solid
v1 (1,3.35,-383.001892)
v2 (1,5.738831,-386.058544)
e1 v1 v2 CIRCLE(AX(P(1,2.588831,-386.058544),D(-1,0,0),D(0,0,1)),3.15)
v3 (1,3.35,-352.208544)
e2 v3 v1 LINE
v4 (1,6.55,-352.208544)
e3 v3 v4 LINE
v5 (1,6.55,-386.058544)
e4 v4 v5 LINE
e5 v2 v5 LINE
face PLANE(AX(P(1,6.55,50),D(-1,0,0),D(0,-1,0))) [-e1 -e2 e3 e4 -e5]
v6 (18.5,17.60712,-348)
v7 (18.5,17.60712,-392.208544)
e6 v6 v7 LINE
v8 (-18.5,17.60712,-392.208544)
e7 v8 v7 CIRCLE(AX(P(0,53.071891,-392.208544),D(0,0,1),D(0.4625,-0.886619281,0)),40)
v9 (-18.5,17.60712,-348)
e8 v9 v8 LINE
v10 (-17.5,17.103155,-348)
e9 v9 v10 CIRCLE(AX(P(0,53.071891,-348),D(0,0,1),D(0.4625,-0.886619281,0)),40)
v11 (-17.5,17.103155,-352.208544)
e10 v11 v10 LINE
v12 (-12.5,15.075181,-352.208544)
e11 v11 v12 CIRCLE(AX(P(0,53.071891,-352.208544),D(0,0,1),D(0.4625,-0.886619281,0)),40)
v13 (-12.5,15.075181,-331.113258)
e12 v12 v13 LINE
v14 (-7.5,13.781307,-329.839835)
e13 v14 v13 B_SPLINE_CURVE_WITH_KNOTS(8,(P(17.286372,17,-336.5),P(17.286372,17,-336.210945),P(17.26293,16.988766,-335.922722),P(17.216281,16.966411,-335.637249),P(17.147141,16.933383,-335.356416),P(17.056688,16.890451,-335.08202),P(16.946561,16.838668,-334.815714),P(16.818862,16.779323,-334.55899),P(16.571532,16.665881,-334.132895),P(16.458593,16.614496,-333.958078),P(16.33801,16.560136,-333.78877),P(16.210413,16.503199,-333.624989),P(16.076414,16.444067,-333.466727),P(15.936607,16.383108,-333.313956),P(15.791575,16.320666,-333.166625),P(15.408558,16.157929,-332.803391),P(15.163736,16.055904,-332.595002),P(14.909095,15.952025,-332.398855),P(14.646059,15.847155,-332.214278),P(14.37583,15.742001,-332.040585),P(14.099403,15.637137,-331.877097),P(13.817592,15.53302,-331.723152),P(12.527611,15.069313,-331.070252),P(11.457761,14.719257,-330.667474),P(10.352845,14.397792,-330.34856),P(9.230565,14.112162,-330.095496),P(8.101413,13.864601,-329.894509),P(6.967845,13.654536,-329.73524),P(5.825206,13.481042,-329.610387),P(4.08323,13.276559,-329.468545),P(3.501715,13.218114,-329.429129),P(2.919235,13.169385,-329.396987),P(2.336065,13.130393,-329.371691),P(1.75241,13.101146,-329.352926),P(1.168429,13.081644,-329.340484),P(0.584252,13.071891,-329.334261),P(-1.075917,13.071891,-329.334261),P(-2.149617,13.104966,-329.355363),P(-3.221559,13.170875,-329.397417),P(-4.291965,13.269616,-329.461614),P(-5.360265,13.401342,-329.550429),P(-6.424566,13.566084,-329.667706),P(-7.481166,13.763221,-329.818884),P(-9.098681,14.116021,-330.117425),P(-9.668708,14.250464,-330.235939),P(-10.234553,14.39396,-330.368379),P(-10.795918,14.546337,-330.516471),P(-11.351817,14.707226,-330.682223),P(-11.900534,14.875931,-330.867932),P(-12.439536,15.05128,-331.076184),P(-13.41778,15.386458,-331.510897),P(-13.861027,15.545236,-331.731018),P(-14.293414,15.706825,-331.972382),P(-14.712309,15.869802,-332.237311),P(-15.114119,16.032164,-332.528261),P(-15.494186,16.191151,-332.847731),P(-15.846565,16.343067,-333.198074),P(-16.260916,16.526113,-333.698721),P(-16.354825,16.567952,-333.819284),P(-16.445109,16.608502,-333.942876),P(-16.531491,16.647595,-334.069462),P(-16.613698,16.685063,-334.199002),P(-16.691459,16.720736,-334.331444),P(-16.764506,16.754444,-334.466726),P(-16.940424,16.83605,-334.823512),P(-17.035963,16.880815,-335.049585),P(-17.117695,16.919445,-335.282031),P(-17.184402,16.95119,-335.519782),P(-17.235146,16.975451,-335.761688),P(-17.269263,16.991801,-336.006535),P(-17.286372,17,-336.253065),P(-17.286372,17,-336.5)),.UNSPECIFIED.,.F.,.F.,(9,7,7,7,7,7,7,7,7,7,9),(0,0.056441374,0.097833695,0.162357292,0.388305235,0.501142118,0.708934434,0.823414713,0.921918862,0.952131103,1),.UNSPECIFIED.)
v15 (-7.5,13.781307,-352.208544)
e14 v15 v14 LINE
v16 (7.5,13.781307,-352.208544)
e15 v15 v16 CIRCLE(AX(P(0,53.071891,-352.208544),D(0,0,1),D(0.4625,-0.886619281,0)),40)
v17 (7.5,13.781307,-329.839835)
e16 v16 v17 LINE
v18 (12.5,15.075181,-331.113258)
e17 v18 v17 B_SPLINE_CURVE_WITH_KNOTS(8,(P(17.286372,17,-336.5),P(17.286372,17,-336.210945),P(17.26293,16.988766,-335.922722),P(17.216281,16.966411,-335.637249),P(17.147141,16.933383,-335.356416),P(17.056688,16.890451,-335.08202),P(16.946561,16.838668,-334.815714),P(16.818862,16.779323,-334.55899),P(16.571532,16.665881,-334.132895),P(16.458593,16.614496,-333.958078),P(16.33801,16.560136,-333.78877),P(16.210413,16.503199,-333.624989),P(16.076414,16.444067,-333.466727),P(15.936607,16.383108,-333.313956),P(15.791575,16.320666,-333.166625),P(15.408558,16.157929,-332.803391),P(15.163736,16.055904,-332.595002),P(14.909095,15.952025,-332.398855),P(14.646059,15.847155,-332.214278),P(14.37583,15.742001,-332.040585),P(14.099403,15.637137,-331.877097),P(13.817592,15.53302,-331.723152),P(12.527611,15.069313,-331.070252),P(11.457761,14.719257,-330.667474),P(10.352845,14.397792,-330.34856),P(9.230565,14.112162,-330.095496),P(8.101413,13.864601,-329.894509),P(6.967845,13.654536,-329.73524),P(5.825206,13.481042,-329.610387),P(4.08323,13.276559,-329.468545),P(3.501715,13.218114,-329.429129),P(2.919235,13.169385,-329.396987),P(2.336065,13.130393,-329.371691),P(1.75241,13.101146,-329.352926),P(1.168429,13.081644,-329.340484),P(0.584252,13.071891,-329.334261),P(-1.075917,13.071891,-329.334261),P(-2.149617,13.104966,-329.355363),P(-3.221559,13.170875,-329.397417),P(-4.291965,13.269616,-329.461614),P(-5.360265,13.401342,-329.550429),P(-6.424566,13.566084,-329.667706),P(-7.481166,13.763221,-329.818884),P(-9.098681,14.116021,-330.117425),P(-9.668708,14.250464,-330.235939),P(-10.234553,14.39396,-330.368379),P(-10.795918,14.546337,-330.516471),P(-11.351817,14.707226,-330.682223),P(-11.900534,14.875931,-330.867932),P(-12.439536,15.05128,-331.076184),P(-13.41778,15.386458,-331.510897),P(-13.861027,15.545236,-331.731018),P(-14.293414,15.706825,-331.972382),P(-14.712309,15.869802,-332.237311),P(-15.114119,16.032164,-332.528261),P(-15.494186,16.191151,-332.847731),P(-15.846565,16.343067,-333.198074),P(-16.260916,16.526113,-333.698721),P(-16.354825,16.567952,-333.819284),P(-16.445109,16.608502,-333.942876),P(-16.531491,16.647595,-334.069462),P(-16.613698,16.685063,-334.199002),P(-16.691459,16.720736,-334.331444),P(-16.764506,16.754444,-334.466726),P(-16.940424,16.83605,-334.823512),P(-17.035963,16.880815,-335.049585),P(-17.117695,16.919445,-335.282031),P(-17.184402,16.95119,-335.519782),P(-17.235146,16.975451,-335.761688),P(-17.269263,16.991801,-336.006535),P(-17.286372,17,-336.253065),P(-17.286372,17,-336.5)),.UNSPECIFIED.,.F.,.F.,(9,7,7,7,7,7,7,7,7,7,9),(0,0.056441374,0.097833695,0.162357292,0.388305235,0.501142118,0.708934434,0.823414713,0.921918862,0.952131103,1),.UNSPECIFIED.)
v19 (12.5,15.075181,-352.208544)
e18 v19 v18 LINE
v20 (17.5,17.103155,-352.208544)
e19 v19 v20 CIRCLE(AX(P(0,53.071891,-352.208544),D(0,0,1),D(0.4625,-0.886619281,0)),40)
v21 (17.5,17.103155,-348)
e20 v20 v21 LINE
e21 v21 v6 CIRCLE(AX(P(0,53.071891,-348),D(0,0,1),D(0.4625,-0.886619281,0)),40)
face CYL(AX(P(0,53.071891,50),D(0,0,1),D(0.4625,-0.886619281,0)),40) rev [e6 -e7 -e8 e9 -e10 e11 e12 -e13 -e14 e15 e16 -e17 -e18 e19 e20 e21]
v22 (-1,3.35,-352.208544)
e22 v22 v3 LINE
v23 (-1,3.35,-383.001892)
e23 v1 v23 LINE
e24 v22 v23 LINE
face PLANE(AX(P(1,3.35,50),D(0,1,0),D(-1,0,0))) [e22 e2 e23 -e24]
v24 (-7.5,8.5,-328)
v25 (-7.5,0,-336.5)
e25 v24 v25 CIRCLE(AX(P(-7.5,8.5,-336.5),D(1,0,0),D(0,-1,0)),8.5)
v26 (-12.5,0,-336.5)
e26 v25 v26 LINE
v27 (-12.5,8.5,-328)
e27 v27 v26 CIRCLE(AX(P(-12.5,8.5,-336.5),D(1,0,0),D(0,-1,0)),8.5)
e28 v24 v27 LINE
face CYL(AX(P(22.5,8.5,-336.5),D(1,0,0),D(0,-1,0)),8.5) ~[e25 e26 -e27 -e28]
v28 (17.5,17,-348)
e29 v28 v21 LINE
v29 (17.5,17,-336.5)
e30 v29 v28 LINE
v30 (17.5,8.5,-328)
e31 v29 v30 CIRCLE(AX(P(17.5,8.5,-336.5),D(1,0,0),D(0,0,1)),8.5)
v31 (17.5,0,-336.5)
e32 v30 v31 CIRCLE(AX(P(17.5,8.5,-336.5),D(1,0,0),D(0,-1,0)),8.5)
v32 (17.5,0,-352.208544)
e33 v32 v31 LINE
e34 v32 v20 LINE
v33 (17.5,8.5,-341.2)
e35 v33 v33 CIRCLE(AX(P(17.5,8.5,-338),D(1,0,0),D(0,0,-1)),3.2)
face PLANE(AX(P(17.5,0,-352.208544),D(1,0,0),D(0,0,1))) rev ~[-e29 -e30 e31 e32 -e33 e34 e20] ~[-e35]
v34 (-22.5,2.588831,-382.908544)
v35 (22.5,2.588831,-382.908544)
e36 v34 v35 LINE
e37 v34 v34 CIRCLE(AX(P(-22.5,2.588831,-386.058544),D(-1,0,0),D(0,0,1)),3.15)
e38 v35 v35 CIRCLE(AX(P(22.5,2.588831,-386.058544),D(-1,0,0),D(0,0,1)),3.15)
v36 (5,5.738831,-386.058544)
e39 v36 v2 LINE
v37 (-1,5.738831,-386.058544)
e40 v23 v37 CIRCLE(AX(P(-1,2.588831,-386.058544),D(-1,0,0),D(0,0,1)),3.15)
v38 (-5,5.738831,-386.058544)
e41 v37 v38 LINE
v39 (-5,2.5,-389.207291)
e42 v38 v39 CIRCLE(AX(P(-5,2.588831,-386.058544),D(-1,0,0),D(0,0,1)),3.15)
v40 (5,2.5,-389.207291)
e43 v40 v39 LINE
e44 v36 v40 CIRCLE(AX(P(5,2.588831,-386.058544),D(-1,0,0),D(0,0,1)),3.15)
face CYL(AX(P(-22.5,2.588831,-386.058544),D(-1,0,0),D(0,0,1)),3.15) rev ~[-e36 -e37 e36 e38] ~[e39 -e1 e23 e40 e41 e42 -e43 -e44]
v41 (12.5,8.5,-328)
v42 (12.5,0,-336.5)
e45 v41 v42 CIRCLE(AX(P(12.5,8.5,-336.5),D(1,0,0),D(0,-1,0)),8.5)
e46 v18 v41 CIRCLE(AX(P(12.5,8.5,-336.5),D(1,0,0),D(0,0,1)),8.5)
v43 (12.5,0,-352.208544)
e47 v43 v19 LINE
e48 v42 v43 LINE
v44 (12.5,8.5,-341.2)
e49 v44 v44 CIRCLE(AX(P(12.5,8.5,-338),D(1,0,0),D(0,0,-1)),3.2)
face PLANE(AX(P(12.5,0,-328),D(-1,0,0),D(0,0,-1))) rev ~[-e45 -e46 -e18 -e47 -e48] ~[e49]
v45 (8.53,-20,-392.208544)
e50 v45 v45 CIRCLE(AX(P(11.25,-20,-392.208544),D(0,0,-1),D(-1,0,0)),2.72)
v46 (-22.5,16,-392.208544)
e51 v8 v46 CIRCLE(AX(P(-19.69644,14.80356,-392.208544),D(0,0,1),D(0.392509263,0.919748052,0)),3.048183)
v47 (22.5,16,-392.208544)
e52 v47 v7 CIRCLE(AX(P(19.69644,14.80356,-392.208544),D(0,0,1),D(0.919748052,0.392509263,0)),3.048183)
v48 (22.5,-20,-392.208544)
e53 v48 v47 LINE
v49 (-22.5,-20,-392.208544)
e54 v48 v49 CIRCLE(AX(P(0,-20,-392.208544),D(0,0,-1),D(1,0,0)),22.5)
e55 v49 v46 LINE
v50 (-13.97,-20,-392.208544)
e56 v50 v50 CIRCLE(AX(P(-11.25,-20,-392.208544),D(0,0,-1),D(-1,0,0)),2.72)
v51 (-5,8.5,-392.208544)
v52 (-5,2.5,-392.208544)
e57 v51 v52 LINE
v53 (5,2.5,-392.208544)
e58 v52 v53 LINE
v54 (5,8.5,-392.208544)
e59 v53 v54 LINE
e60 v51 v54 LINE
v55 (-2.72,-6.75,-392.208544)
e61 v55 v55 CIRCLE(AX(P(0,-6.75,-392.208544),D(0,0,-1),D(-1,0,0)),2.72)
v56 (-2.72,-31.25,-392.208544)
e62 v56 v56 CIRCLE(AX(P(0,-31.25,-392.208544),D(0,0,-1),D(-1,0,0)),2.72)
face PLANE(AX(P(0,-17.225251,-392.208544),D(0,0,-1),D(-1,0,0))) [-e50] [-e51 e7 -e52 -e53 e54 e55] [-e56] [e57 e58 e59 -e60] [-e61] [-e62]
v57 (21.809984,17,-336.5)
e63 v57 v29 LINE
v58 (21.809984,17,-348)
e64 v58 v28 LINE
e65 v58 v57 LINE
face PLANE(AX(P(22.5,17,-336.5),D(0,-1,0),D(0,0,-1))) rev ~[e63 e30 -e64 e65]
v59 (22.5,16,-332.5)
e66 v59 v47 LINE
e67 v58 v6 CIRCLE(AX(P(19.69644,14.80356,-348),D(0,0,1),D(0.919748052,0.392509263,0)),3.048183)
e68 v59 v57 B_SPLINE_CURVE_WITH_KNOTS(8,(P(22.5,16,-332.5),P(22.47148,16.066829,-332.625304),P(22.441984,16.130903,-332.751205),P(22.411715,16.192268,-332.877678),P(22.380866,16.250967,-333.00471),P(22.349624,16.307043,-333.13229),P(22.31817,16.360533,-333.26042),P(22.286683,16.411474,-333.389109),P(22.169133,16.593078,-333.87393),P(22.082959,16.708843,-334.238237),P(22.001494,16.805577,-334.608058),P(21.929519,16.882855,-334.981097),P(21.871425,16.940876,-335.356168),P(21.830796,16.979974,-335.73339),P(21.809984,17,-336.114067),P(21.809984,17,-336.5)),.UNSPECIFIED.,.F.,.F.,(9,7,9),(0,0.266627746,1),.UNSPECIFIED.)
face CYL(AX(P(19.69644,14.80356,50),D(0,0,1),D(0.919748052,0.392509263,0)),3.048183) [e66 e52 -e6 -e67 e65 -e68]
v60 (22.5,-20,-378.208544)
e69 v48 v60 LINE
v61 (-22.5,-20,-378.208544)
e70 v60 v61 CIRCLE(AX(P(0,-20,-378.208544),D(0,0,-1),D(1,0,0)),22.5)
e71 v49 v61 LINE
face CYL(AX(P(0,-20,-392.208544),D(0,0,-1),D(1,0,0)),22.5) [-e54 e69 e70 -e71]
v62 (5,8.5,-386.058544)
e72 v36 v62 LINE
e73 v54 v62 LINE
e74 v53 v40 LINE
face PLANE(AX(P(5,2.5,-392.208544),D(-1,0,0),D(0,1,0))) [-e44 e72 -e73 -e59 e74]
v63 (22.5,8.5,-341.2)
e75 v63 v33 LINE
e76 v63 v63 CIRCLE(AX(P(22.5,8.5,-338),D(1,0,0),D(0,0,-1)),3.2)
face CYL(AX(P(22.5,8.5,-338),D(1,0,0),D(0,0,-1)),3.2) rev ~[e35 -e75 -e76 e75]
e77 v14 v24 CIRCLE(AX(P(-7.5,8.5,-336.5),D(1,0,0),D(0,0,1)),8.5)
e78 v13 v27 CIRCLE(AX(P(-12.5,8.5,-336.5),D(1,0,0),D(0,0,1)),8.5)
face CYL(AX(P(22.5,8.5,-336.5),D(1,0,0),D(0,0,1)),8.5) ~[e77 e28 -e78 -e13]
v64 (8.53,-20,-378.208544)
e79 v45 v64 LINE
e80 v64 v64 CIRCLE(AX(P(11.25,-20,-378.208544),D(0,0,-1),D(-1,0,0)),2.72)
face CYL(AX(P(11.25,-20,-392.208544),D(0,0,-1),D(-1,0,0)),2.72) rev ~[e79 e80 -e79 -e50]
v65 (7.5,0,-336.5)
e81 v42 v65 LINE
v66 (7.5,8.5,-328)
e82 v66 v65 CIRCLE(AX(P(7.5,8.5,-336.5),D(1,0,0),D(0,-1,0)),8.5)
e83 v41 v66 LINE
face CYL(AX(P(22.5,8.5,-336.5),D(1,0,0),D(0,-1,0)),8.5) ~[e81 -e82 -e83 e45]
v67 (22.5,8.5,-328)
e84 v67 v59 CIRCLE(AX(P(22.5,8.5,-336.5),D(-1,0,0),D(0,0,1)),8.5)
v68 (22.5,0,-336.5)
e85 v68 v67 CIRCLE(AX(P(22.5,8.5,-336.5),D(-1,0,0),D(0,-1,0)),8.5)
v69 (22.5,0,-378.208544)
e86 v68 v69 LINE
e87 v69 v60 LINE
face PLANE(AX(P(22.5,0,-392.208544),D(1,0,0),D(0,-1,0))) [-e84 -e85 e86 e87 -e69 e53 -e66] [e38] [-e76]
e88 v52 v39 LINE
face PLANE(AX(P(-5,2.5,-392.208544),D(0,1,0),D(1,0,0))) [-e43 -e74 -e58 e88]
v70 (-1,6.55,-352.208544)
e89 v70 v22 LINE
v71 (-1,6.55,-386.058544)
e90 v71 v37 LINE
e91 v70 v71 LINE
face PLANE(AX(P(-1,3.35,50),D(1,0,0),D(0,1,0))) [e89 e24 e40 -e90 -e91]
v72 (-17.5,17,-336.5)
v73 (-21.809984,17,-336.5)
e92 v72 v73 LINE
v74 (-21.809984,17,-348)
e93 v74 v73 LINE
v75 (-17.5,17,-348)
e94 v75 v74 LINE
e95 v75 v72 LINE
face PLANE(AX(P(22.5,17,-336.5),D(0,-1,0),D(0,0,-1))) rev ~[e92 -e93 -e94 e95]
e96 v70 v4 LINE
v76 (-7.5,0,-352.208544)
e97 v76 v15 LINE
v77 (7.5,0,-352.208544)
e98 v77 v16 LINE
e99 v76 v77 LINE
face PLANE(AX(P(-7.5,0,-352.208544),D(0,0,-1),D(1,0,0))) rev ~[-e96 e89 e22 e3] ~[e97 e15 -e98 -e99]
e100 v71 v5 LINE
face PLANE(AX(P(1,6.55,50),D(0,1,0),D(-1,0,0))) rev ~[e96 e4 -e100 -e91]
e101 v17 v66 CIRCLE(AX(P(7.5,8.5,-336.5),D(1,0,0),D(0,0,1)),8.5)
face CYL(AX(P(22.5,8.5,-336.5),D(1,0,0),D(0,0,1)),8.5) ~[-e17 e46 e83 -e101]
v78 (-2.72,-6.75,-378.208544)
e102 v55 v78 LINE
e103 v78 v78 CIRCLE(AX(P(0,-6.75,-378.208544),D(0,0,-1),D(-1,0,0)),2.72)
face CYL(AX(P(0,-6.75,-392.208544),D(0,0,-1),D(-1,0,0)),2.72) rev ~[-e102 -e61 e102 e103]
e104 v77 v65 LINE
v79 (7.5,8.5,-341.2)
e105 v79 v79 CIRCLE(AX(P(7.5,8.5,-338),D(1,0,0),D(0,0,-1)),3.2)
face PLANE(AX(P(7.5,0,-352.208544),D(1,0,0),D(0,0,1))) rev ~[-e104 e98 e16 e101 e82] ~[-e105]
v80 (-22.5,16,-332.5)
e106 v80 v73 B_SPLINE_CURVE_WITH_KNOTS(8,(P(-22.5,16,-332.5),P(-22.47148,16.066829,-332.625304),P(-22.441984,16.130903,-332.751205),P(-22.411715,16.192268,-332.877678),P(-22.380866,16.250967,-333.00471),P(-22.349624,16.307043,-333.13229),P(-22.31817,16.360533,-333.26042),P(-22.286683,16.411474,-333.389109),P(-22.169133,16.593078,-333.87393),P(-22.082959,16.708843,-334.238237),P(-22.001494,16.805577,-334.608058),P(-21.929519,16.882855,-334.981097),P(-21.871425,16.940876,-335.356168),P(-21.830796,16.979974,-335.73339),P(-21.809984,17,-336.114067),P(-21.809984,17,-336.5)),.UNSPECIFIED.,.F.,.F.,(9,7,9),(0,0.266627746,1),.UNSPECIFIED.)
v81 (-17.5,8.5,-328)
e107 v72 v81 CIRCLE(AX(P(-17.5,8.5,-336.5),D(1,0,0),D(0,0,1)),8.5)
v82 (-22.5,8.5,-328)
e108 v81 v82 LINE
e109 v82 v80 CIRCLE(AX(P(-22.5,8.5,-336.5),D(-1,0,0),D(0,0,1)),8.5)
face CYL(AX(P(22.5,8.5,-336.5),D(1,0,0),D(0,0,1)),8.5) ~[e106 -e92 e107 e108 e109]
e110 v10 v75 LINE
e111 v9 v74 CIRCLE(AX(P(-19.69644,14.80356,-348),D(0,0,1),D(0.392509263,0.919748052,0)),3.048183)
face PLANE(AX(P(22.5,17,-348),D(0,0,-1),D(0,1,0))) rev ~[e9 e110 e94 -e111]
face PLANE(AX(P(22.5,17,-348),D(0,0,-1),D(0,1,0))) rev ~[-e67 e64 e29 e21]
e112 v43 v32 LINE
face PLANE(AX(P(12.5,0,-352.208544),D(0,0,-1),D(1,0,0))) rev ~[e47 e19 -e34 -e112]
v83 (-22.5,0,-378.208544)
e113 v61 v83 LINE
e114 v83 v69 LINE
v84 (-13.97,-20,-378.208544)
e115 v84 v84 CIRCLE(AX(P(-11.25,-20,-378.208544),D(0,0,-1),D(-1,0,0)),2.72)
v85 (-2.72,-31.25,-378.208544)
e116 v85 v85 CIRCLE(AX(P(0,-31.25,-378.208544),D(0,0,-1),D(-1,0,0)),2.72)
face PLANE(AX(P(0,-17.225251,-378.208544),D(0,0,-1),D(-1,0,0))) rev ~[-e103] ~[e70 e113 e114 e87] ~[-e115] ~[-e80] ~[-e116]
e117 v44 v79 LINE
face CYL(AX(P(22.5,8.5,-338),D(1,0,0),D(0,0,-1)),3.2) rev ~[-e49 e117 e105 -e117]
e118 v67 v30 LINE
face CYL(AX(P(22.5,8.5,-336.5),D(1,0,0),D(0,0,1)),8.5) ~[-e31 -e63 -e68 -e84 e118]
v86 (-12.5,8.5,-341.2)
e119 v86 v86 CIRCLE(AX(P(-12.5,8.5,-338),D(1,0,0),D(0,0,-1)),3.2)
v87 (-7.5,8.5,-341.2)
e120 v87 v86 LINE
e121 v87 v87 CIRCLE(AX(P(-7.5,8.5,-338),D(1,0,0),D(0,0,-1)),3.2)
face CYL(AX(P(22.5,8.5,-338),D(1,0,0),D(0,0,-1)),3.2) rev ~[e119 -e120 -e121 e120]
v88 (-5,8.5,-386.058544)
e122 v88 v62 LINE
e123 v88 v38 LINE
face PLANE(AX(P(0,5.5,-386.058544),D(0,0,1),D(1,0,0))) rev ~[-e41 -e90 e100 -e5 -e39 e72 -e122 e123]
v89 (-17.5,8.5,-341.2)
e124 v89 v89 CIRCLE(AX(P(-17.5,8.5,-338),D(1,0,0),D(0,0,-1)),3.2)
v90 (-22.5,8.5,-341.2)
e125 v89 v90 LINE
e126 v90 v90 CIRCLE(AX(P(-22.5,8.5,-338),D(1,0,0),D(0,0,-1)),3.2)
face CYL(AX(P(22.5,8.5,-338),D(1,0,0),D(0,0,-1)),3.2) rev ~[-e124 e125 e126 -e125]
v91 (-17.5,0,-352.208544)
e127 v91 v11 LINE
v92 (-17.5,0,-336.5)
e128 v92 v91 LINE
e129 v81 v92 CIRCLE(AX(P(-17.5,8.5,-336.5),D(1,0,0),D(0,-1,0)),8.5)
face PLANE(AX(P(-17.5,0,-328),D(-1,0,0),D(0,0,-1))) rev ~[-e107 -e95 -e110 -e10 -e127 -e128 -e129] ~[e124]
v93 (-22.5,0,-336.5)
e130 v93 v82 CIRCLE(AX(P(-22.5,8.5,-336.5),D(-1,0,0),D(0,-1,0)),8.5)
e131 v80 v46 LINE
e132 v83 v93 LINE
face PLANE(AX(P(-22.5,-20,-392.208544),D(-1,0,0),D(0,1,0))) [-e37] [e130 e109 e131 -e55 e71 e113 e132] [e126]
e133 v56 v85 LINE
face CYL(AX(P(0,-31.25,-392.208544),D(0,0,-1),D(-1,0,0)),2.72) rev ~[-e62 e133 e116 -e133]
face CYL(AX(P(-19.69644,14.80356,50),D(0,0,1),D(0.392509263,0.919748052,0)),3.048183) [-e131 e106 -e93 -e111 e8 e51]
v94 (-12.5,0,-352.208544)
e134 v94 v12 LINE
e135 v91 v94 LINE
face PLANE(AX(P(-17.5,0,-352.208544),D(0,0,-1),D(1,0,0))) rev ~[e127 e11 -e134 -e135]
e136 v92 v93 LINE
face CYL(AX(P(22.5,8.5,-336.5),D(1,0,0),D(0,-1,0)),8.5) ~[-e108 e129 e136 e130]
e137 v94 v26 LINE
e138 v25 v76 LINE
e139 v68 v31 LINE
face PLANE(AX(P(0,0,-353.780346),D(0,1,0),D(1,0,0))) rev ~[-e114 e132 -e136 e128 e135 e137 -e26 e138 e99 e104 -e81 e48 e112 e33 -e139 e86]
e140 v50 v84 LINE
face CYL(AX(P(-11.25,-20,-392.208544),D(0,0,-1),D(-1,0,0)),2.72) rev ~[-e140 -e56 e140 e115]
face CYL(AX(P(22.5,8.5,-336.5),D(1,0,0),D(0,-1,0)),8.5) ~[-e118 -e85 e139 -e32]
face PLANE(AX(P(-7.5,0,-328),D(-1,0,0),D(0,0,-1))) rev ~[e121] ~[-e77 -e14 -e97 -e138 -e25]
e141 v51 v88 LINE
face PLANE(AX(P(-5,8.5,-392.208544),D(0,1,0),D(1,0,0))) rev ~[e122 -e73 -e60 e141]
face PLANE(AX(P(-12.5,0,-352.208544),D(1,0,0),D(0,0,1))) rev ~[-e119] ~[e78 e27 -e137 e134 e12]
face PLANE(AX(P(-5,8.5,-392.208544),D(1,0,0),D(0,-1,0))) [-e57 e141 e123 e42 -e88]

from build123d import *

# Parameters (mm, degrees)
BOSS_EXTRUDE1_DEPTH = 20
CUT_EXTRUDE23_DEPTH = 444
CUT_EXTRUDE26_DEPTH = 444
BOSS_EXTRUDE2_DEPTH = 14
SKETCH15_R          = 2.72
CUT_EXTRUDE27_DEPTH = 14
SKETCH16_R          = 3.25
SKETCH16_R_2        = 3.15
CUT_EXTRUDE28_DEPTH = 45
CUT_EXTRUDE29_DEPTH = 6.15
CUT_EXTRUDE31_DEPTH = 45
SKETCH18_R          = 3.2
CUT_EXTRUDE32_DEPTH = 45


with BuildPart() as part:
    # Sketch1 → Boss-Extrude1 (new body)
    with BuildSketch(Plane(origin=(0, 0, 0), x_dir=(1, 0, 0), z_dir=(0, 1, 0))):
        Polygon((-22.5, 328), (-17.5, 328), (-17.5, 352.208543952), (-12.5, 352.208543952), (-12.5, 328), (-7.5, 328), (-7.5, 352.208543952), (-2.5, 352.208543952), (2.5, 352.208543952), (7.5, 352.208543952), (7.5, 328), (12.5, 328), (12.5, 352.208543952), (17.5, 352.208543952), (17.5, 328), (22.5, 328), (22.5, 392.208543952), (-22.5, 392.208543952), align=None)
    extrude(amount=BOSS_EXTRUDE1_DEPTH)

    # Sketch2 → Cut-Extrude23 (cut)
    with BuildSketch(Plane.XY.offset(50)):
        with BuildLine():
            Line((-22.5, 20), (22.5, 20))
            Line((22.5, 20), (22.5, 16))
            ThreePointArc((22.5, 16), (20.832845478, 17.631987193), (18.5, 17.607120136))
            ThreePointArc((18.5, 17.607120136), (0, 13.071891388), (-18.5, 17.607120136))
            ThreePointArc((-18.5, 17.607120136), (-20.832845478, 17.631987193), (-22.5, 16))
            Line((-22.5, 16), (-22.5, 20))
        make_face()
    extrude(amount=-CUT_EXTRUDE23_DEPTH, mode=Mode.SUBTRACT)

    # Sketch12 → Cut-Extrude26 (cut)
    with BuildSketch(Plane.XY.offset(50)):
        Polygon((-1, 3.35), (-1, 6.55), (0, 6.55), (1, 6.55), (1, 3.35), align=None)
    extrude(amount=-CUT_EXTRUDE26_DEPTH, mode=Mode.SUBTRACT)

    # Sketch14 → Boss-Extrude2 (add)
    with BuildSketch(Plane(origin=(0, 0, -392.208543952), x_dir=(-1, 0, 0), z_dir=(0, 0, -1))):
        with BuildLine():
            Line((-22.5, 0), (-22.5, -20))
            ThreePointArc((-22.5, -20), (0, -42.5), (22.5, -20))
            Line((22.5, -20), (22.5, 0))
            Line((22.5, 0), (-22.5, 0))
        make_face()
    extrude(amount=-BOSS_EXTRUDE2_DEPTH)

    # Sketch15 → Cut-Extrude27 (cut)
    with BuildSketch(Plane(origin=(0, 0, -392.208543952), x_dir=(-1, 0, 0), z_dir=(0, 0, -1))):
        with Locations((11.25, -20)):
            Circle(SKETCH15_R)
        with Locations((0, -6.75)):
            Circle(SKETCH15_R)
        with Locations((-11.25, -20)):
            Circle(SKETCH15_R)
        with Locations((0, -31.25)):
            Circle(SKETCH15_R)
    extrude(amount=-CUT_EXTRUDE27_DEPTH, mode=Mode.SUBTRACT)

    # Sketch16 → Cut-Extrude28 (cut)
    with BuildSketch(Plane.ZY.offset(22.5)):
        with Locations((-1.25, 8.5)):
            Circle(SKETCH16_R)
        with Locations((-386.058543952, 2.588831384)):
            Circle(SKETCH16_R_2)
    extrude(amount=-CUT_EXTRUDE28_DEPTH, mode=Mode.SUBTRACT)

    # Sketch17 → Cut-Extrude29 (cut)
    with BuildSketch(Plane(origin=(0, 0, -392.208543952), x_dir=(-1, 0, 0), z_dir=(0, 0, -1))):
        Polygon((1, 8.5), (5, 8.5), (5, 2.5), (-5, 2.5), (-5, 8.5), (-1, 8.5), align=None)
    extrude(amount=-CUT_EXTRUDE29_DEPTH, mode=Mode.SUBTRACT)

    # Sketch8 → Cut-Extrude31 (cut)
    with BuildSketch(Plane(origin=(22.5, 0, 0), x_dir=(0, 0, -1), z_dir=(1, 0, 0))):
        with BuildLine():
            ThreePointArc((336.5, 0), (330.48959236, 2.48959236), (328, 8.5))
            Line((328, 8.5), (328, 0))
            Line((328, 0), (336.5, 0))
        make_face()
        with BuildLine():
            Line((336.5, 20), (328, 20))
            Line((328, 20), (328, 17))
            Line((328, 17), (328, 8.5))
            ThreePointArc((328, 8.5), (330.48959236, 14.51040764), (336.5, 17))
            Line((336.5, 17), (348, 17))
            Line((348, 17), (348, 20))
            Line((348, 20), (336.5, 20))
        make_face()
    extrude(amount=-CUT_EXTRUDE31_DEPTH, mode=Mode.SUBTRACT)

    # Sketch18 → Cut-Extrude32 (cut)
    with BuildSketch(Plane(origin=(22.5, 0, 0), x_dir=(0, 0, -1), z_dir=(1, 0, 0))):
        with Locations((338, 8.5)):
            Circle(SKETCH18_R)
    extrude(amount=-CUT_EXTRUDE32_DEPTH, mode=Mode.SUBTRACT)


solid = part.part
